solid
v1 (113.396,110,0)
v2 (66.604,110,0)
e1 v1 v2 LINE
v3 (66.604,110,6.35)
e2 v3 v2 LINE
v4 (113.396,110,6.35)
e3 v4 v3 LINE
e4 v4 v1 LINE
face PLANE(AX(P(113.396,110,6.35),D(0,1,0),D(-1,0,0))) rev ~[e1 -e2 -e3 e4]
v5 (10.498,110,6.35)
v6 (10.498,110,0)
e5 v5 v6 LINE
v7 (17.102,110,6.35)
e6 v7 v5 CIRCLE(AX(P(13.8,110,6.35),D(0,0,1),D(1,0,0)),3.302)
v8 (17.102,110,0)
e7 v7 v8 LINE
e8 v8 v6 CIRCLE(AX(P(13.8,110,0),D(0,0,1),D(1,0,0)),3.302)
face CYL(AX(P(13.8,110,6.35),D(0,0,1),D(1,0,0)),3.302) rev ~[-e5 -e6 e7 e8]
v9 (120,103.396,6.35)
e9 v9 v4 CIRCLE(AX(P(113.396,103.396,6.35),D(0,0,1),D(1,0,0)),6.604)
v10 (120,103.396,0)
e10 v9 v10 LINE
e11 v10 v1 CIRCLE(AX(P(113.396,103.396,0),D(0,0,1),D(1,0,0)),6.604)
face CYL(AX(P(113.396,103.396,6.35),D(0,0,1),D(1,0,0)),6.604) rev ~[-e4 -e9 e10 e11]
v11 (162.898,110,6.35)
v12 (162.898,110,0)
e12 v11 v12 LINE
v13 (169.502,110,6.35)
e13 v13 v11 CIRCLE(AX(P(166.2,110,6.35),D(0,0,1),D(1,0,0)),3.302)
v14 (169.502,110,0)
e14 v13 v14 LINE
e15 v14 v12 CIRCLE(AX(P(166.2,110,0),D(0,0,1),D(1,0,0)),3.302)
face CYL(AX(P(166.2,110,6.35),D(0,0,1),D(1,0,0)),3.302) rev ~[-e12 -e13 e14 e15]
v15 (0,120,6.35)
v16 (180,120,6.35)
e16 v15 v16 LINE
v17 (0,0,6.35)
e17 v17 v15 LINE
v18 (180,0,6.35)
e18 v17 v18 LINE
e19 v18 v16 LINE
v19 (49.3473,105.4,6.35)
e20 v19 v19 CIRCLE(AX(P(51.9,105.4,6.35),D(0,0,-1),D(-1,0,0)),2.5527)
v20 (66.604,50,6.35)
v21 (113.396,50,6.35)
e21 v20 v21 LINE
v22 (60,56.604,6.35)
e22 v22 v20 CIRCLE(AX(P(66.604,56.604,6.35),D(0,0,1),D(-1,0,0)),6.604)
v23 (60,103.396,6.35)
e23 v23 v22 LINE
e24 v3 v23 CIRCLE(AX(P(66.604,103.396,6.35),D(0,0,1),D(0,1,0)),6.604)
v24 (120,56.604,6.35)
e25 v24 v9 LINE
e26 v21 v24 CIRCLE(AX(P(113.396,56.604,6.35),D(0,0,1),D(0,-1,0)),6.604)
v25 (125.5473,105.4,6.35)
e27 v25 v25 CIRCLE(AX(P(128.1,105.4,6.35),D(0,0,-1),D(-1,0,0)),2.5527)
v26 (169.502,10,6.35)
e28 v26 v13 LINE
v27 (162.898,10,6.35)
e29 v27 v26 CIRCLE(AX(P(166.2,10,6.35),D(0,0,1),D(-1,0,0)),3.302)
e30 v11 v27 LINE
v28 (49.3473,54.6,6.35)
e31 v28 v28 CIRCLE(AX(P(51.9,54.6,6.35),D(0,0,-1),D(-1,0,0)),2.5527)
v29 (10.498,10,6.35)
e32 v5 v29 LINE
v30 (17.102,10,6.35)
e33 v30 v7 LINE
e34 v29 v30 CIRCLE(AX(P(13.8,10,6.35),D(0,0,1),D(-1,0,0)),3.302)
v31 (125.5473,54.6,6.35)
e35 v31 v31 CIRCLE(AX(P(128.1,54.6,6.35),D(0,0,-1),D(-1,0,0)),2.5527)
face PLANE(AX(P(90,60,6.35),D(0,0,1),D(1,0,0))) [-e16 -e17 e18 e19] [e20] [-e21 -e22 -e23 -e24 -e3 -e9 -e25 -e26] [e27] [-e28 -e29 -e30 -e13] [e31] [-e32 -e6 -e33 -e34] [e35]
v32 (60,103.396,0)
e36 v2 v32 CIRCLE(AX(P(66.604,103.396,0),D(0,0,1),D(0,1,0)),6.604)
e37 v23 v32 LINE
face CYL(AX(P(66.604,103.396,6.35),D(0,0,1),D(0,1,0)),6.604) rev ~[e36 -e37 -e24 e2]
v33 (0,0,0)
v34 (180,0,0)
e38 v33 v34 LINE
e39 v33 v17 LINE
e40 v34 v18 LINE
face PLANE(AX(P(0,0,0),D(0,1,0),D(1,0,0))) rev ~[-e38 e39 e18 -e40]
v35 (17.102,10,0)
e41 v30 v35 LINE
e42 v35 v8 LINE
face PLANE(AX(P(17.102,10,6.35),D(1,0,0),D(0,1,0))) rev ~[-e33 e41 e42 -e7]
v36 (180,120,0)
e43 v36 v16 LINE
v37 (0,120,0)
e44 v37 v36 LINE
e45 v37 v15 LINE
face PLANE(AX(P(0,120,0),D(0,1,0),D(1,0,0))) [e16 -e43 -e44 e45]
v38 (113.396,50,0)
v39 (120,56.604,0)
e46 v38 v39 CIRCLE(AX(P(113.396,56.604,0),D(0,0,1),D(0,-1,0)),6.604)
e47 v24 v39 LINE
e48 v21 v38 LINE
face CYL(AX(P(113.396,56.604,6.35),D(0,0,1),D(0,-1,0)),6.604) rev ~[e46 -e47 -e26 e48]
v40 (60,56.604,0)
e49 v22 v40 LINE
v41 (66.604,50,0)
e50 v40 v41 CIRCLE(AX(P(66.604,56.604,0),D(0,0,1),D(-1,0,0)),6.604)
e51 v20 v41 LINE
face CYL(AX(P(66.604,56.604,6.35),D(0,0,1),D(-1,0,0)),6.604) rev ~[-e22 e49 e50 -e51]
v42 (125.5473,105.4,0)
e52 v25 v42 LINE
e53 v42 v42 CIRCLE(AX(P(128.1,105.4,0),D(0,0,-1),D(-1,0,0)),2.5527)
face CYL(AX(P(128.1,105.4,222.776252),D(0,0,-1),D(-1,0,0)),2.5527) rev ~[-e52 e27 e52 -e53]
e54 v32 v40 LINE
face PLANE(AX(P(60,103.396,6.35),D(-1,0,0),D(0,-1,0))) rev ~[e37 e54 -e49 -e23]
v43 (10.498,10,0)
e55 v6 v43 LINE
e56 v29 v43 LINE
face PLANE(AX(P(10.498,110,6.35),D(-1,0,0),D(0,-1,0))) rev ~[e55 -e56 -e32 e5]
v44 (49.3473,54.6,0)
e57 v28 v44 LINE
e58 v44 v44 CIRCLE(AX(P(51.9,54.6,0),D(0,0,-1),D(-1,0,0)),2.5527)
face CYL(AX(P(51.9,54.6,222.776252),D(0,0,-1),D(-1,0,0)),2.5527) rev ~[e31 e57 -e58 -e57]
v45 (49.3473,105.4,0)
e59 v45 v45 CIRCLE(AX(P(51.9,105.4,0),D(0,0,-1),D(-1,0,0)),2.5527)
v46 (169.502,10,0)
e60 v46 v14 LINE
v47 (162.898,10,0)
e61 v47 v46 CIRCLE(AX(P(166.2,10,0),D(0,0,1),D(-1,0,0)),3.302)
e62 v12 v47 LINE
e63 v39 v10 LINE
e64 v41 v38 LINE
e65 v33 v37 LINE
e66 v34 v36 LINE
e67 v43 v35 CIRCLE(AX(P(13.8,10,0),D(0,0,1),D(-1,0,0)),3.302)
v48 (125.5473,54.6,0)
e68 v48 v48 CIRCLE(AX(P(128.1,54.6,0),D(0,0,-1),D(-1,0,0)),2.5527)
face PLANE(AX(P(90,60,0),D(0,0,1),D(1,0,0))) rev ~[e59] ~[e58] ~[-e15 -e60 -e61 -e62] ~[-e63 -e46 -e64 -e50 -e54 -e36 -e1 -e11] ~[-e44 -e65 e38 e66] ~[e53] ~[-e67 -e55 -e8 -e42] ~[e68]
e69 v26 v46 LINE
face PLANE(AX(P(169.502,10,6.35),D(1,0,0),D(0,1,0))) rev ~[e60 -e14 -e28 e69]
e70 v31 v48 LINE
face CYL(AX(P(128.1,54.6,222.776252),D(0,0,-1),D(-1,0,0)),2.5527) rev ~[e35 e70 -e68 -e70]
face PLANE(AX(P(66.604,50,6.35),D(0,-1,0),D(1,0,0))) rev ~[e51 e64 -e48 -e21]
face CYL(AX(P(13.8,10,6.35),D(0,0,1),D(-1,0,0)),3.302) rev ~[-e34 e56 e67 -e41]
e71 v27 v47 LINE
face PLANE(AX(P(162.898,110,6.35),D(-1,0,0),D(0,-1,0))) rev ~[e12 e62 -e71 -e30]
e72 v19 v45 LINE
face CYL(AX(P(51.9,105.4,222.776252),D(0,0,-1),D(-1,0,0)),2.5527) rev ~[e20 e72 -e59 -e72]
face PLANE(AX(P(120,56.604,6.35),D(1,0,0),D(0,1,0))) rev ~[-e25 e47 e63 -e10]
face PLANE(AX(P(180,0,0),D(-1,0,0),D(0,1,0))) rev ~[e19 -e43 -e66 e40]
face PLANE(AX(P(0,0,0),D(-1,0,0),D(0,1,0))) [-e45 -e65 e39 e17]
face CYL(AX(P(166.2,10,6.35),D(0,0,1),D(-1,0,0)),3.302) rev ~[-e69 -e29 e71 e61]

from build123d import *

# Parameters (mm, degrees)
F0_W     = 180
F0_H     = 120
F1_DEPTH = 6.35
F3_DEPTH = 6.351
F4_W     = 30
F4_H     = 20
F5_DEPTH = 6.351
F7_D     = 5.1054


with BuildPart() as f1:
    # F0 (on Top) → F1 (new body)
    with BuildSketch(Plane.XY):
        with Locations((90, 60)):
            Rectangle(F0_W, F0_H)
    extrude(amount=F1_DEPTH)

    # F2 (on face) → F3 (cut, through all)
    with BuildSketch(Plane.XY.offset(6.35)):
        with BuildLine():
            Line((10.498, 110), (10.498, 60))
            Line((10.498, 60), (13.8, 60))
            Line((13.8, 60), (17.102, 60))
            Line((17.102, 60), (17.102, 110))
            ThreePointArc((17.102, 110), (13.8, 113.302), (10.498, 110))
        make_face()
        with BuildLine():
            Line((162.898, 110), (162.898, 60))
            Line((162.898, 60), (166.2, 60))
            Line((166.2, 60), (169.502, 60))
            Line((169.502, 60), (169.502, 110))
            ThreePointArc((169.502, 110), (166.2, 113.302), (162.898, 110))
        make_face()
        with BuildLine():
            Line((166.2, 60), (162.898, 60))
            Line((162.898, 60), (162.898, 10))
            ThreePointArc((162.898, 10), (166.2, 6.698), (169.502, 10))
            Line((169.502, 10), (169.502, 60))
            Line((169.502, 60), (166.2, 60))
        make_face()
        with BuildLine():
            Line((13.8, 60), (10.498, 60))
            Line((10.498, 60), (10.498, 10))
            ThreePointArc((10.498, 10), (13.8, 6.698), (17.102, 10))
            Line((17.102, 10), (17.102, 60))
            Line((17.102, 60), (13.8, 60))
        make_face()
    extrude(amount=-F3_DEPTH, mode=Mode.SUBTRACT)

    # F4 (on face) → F5 (cut, through all)
    with BuildSketch(Plane.XY.offset(6.35)):
        with BuildLine():
            Line((113.396, 110), (90, 110))
            Line((90, 110), (90, 80))
            Line((90, 80), (120, 80))
            Line((120, 80), (120, 103.396))
            ThreePointArc((120, 103.396), (118.065733183, 108.065733183), (113.396, 110))
        make_face()
        with BuildLine():
            Line((90, 80), (90, 110))
            Line((90, 110), (66.604, 110))
            ThreePointArc((66.604, 110), (61.934266817, 108.065733183), (60, 103.396))
            Line((60, 103.396), (60, 80))
            Line((60, 80), (90, 80))
        make_face()
        with Locations((105, 70)):
            Rectangle(F4_W, F4_H)
        with Locations((75, 70)):
            Rectangle(F4_W, F4_H)
        with BuildLine():
            Line((120, 60), (90, 60))
            Line((90, 60), (90, 50))
            Line((90, 50), (113.396, 50))
            ThreePointArc((113.396, 50), (118.065733183, 51.934266817), (120, 56.604))
            Line((120, 56.604), (120, 60))
        make_face()
        with BuildLine():
            Line((90, 50), (90, 60))
            Line((90, 60), (60, 60))
            Line((60, 60), (60, 56.604))
            ThreePointArc((60, 56.604), (61.934266817, 51.934266817), (66.604, 50))
            Line((66.604, 50), (90, 50))
        make_face()
    extrude(amount=-F5_DEPTH, mode=Mode.SUBTRACT)

    # F7 (through all)
    with Locations(Plane.XY.offset(6.35)):
        with Locations((51.9, 105.4), (128.1, 105.4), (128.1, 54.6), (51.9, 54.6)):
            Hole(F7_D / 2)


solid = f1.part
